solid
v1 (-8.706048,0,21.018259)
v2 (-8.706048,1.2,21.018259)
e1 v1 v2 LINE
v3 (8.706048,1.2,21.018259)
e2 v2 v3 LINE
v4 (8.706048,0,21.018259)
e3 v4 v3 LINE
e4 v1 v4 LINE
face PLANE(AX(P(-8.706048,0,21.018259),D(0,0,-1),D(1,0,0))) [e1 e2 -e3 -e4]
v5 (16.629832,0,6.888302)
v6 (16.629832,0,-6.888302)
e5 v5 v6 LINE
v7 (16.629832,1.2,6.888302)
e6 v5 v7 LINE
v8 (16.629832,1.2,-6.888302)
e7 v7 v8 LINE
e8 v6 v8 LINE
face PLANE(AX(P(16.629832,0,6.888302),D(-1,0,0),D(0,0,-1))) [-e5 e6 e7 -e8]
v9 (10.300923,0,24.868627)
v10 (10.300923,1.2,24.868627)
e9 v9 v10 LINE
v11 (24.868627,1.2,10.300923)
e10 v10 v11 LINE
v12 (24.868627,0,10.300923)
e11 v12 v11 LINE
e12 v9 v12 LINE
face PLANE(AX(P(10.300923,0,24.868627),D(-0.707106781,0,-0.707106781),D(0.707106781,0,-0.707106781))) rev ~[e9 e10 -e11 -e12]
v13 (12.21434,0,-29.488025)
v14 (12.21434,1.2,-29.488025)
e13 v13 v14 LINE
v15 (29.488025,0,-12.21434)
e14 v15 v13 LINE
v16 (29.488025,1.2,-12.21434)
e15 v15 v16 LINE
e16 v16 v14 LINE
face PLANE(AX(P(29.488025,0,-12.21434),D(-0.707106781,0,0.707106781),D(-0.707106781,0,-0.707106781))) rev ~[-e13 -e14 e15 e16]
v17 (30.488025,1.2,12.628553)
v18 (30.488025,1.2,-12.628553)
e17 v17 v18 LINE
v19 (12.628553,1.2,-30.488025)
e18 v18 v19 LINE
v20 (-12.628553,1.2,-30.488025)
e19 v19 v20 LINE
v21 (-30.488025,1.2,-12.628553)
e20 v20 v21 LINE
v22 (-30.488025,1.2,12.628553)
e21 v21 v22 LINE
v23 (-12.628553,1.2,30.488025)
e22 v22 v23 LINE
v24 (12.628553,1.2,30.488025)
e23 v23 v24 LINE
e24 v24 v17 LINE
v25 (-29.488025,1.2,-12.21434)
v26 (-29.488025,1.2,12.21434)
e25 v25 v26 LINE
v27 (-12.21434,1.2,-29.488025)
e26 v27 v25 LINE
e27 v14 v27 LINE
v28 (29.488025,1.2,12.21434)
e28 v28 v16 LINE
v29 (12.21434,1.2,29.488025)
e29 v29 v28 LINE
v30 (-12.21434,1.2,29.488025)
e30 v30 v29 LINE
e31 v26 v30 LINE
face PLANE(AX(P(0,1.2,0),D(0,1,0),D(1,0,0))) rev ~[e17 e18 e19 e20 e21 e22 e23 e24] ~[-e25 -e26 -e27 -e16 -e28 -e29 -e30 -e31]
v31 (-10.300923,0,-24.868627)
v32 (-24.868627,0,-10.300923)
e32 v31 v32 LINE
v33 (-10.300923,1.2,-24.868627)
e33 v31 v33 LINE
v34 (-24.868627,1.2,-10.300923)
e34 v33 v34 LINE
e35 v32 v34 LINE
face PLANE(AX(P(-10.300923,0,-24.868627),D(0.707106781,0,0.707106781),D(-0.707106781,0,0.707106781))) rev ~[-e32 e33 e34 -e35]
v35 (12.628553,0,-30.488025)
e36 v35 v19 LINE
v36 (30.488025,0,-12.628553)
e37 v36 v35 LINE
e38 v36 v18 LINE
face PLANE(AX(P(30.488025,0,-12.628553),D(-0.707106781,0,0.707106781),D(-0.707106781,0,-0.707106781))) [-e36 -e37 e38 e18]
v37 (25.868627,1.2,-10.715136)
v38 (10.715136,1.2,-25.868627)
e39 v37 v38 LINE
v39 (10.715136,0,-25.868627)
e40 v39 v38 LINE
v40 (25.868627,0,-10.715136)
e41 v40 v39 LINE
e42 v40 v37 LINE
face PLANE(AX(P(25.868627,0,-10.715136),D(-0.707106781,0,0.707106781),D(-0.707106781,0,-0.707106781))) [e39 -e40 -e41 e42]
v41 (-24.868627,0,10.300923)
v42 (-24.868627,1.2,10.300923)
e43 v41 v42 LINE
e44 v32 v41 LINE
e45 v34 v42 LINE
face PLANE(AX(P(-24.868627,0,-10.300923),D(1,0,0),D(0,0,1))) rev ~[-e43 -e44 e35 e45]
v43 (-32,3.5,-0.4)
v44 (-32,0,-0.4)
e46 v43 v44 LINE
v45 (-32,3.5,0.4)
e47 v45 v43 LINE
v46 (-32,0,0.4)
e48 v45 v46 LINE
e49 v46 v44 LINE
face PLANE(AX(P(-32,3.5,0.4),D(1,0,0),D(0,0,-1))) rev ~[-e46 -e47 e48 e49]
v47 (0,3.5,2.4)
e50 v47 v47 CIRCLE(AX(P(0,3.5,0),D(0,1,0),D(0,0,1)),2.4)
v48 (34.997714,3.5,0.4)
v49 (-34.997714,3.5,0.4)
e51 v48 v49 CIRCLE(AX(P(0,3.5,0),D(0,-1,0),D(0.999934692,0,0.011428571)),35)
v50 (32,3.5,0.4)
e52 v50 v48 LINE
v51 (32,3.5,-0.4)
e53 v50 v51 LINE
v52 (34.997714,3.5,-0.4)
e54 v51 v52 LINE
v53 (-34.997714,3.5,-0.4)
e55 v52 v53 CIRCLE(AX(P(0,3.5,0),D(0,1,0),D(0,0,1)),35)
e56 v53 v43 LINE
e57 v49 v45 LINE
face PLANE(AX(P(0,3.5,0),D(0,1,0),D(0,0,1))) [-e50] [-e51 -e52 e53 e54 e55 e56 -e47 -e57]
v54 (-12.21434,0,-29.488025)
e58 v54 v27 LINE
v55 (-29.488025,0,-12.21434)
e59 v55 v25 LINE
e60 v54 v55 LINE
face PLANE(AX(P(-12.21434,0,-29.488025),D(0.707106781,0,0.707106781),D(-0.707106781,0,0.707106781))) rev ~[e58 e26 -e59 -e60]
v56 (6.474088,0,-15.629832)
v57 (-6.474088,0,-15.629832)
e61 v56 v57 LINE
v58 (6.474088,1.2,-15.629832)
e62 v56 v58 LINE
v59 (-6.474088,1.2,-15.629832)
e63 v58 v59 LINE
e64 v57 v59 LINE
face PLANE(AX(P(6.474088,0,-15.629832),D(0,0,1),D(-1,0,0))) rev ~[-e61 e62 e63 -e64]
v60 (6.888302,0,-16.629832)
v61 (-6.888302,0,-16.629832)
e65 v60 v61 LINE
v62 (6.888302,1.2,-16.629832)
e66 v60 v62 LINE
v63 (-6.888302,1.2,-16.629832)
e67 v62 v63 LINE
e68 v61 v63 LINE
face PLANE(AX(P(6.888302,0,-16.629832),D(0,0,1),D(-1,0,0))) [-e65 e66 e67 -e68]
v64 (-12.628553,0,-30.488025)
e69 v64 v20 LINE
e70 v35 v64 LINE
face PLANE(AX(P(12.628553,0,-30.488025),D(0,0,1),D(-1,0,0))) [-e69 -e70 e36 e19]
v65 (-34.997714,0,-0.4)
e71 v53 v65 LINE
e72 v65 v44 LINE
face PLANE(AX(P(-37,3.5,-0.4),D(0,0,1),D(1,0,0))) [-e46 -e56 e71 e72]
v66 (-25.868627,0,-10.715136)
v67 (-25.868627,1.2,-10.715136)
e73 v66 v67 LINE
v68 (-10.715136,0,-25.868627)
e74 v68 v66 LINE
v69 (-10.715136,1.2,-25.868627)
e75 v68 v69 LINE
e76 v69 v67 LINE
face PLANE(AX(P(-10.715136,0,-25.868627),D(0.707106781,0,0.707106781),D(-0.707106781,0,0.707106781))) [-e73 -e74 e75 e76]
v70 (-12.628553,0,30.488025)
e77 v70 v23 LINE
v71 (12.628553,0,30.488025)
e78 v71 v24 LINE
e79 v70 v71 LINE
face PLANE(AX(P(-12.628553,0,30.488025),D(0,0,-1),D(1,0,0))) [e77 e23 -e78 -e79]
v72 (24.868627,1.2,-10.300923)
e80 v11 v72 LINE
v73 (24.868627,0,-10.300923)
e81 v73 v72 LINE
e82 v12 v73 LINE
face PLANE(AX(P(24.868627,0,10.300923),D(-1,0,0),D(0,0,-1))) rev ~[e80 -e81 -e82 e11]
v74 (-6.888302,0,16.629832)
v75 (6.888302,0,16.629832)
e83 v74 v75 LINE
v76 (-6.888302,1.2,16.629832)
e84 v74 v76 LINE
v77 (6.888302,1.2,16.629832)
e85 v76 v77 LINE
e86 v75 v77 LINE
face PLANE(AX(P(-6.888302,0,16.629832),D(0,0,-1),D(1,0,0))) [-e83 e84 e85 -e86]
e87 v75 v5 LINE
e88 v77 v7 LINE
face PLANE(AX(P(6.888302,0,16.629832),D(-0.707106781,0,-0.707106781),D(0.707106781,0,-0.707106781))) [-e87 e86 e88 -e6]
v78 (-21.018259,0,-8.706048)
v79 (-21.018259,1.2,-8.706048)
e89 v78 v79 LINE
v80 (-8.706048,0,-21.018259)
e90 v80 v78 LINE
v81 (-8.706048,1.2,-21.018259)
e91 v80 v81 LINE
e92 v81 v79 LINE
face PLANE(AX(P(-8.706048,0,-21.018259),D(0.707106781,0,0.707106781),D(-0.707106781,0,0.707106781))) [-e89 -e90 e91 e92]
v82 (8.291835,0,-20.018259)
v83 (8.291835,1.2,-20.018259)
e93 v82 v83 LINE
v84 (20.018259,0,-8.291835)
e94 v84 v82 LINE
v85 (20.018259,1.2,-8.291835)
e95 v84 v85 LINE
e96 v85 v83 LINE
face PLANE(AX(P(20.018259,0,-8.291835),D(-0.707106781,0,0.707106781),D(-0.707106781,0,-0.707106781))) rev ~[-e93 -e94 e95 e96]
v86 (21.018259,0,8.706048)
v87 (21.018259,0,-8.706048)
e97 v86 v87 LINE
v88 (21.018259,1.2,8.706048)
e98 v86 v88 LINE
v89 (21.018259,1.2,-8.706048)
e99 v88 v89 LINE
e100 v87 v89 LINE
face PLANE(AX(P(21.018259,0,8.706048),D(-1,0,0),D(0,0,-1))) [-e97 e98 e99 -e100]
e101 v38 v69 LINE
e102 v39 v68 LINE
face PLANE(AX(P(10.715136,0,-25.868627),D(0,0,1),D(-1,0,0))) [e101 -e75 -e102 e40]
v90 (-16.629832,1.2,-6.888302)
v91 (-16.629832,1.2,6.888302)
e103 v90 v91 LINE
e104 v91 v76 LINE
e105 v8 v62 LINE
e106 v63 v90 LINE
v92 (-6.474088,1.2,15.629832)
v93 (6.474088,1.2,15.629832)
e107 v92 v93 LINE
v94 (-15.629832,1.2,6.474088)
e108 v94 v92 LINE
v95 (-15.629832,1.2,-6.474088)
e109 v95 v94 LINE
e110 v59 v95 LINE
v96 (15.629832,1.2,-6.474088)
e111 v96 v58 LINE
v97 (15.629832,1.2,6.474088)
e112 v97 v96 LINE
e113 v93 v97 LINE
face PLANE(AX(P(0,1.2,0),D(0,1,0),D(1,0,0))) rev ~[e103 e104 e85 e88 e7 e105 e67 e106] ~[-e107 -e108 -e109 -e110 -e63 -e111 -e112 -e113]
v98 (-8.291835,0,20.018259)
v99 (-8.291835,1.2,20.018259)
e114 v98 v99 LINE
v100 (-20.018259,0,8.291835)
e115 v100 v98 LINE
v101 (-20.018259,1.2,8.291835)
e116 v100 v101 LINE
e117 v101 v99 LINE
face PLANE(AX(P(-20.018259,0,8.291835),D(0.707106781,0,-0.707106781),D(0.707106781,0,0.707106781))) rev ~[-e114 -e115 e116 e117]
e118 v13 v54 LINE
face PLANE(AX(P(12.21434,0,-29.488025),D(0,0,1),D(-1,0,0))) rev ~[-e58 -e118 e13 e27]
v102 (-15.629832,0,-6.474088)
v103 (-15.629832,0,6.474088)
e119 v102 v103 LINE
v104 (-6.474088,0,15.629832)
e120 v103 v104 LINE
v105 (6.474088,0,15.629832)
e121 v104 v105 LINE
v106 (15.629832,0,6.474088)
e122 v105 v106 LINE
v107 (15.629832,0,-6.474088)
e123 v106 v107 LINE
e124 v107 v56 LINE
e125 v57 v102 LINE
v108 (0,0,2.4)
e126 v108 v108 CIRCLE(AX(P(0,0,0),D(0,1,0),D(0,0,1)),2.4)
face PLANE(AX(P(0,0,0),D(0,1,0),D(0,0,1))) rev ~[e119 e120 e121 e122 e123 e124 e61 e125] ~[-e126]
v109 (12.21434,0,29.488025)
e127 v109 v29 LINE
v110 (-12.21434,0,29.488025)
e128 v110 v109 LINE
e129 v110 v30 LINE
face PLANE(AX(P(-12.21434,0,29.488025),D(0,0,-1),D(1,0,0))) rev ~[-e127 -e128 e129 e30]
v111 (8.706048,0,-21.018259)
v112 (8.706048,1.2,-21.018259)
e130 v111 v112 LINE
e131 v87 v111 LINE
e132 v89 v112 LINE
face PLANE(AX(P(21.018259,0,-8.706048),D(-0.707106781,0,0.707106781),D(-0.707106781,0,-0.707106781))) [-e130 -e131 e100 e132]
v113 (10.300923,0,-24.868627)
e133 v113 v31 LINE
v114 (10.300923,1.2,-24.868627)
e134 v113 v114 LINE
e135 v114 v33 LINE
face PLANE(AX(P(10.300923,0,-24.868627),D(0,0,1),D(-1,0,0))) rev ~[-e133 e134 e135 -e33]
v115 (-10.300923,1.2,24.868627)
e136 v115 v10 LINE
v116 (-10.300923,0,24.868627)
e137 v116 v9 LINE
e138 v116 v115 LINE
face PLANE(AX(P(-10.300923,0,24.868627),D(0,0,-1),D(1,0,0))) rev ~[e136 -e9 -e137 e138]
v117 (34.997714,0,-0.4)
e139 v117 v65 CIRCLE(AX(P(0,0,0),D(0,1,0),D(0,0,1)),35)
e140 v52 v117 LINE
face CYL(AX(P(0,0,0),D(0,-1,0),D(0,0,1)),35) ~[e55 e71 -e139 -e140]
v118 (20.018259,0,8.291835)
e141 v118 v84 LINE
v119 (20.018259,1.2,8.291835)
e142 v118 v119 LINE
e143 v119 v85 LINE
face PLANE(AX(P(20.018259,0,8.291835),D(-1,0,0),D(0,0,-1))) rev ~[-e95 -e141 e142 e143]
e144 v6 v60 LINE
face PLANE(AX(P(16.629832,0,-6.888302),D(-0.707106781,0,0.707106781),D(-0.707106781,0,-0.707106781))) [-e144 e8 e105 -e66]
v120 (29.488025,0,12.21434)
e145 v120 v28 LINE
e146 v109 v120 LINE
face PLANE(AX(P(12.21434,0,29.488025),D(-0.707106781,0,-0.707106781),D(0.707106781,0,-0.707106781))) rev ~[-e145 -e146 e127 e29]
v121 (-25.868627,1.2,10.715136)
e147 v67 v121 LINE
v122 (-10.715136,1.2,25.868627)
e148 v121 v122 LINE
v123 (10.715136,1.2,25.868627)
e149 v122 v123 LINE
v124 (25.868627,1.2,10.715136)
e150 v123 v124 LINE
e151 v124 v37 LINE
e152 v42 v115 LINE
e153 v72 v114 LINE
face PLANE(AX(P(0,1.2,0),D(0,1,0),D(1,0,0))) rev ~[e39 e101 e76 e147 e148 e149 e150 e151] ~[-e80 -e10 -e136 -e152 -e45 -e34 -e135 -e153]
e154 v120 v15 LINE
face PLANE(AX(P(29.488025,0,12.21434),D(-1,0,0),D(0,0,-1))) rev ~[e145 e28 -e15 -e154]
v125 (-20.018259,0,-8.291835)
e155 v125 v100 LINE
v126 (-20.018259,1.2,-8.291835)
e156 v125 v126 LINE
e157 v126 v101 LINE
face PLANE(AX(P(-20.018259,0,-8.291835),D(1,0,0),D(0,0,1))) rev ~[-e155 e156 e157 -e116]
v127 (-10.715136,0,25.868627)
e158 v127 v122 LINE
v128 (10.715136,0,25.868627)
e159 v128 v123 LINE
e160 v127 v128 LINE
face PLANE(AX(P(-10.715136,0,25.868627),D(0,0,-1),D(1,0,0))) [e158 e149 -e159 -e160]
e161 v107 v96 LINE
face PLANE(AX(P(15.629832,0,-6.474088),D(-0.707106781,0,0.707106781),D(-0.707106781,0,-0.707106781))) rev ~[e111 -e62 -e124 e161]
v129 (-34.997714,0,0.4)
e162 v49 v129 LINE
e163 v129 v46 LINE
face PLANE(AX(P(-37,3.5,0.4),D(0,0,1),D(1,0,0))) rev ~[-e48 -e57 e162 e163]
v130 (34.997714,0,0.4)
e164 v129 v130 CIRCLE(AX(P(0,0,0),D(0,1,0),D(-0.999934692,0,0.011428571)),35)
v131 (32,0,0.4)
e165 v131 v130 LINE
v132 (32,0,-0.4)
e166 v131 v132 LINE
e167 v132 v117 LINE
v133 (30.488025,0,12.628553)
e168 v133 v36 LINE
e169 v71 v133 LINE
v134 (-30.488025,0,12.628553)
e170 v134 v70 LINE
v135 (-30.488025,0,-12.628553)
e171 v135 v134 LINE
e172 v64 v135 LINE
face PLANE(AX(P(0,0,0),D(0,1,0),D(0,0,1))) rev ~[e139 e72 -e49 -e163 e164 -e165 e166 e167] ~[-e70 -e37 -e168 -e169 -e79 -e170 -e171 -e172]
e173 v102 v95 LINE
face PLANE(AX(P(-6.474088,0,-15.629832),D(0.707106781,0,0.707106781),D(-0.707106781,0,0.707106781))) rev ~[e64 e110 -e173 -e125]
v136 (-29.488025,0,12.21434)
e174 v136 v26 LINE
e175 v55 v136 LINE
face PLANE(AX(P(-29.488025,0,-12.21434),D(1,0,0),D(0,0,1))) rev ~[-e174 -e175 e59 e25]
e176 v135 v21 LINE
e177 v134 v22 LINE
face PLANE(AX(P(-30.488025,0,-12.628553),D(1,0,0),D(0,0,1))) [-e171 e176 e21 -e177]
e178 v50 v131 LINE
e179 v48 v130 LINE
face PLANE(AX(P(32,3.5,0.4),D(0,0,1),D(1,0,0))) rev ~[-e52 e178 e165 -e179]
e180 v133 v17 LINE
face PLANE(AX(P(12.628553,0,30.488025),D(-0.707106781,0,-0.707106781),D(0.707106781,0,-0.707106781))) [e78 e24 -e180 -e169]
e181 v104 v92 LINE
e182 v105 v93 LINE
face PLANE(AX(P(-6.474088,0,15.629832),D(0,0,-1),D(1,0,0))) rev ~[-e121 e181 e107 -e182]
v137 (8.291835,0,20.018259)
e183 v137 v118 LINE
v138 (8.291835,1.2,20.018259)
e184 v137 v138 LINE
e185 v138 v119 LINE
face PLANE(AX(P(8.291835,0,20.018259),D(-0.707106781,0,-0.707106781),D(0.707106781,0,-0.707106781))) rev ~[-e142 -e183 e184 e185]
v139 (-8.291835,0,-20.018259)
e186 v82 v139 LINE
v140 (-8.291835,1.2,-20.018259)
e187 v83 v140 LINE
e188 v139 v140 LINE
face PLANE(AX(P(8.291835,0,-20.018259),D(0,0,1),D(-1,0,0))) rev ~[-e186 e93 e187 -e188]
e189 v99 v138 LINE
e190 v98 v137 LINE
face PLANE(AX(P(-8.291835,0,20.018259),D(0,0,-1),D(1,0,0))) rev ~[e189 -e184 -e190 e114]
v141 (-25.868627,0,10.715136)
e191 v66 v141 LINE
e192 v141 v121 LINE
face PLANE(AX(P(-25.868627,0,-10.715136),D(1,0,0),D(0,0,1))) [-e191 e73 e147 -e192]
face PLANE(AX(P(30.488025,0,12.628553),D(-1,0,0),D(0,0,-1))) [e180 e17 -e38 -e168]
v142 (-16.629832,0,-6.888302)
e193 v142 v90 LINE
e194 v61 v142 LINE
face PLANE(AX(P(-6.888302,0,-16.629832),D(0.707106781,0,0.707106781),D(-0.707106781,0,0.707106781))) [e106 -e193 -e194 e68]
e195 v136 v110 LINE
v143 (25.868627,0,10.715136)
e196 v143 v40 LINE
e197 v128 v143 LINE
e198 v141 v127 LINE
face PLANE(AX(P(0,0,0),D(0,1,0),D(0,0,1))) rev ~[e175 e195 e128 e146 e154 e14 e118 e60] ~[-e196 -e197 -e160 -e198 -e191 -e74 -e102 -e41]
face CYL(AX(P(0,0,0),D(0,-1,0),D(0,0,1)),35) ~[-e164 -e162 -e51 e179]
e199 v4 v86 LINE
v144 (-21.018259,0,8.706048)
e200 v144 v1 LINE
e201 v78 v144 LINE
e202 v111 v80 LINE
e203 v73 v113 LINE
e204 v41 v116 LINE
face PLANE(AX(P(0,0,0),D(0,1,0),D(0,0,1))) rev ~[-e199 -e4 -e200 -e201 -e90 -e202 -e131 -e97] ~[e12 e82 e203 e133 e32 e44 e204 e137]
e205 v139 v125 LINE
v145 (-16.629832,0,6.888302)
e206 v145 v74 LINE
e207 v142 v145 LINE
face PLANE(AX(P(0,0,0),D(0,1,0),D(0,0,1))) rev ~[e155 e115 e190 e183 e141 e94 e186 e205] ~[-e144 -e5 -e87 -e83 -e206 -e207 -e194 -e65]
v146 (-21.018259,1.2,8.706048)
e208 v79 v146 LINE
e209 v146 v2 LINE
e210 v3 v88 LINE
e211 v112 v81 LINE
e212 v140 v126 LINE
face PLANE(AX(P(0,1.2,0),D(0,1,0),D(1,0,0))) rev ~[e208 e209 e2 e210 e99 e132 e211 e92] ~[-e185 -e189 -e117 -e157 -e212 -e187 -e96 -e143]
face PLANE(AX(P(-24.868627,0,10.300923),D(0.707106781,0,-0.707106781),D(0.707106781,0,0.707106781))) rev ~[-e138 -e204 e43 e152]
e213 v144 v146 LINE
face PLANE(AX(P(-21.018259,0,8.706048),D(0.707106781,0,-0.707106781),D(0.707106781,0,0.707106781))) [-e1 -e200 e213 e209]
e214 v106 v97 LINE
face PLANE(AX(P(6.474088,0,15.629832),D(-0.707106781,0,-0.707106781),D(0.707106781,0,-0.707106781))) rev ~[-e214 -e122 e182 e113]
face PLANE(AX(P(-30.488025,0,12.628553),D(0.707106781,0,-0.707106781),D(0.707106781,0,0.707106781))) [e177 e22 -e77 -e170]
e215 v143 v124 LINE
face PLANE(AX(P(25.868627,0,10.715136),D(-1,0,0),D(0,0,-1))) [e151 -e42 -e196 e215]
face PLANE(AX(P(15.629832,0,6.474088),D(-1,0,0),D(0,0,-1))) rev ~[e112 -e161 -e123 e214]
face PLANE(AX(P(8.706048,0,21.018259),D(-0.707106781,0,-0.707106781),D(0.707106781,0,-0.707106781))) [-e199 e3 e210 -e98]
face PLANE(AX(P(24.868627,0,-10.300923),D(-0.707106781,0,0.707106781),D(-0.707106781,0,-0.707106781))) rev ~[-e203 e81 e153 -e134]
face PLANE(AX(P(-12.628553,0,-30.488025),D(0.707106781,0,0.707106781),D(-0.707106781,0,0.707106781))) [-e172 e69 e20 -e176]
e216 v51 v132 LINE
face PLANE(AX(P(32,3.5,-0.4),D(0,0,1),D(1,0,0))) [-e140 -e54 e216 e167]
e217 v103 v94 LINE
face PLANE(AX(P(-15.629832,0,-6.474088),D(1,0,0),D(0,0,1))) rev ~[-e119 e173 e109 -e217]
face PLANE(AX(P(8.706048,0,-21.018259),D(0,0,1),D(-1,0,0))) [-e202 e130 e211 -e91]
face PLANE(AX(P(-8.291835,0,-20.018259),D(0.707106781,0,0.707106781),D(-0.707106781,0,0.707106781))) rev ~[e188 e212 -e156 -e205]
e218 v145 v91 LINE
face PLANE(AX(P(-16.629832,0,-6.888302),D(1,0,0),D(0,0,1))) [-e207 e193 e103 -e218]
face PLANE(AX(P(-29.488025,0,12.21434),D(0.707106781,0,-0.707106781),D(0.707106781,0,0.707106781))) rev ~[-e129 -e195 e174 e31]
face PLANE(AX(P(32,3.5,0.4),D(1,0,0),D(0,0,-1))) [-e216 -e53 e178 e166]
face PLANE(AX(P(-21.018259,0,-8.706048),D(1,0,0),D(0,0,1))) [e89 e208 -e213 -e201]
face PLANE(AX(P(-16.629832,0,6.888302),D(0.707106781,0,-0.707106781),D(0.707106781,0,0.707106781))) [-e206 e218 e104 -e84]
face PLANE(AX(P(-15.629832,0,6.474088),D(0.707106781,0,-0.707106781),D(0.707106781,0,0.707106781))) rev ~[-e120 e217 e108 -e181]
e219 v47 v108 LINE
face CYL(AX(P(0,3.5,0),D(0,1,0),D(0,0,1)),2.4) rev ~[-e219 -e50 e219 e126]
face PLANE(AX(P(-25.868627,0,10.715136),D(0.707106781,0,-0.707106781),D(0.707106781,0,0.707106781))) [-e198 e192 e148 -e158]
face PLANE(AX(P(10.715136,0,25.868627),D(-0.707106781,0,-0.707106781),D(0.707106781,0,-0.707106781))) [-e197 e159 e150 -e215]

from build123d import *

# Parameters (mm, degrees)
SKETCH_3_R          = 35
EXTRUDE_1_DEPTH     = 3.5
CUT_EXTRUDE_5_DEPTH = 1.2
SKETCH_4_W          = 5
SKETCH_4_H          = 0.8
CUT_EXTRUDE_6_DEPTH = 50.621064076
SKETCH_5_R          = 2.4
CUT_EXTRUDE_7_DEPTH = 50.619451831


with BuildPart() as part:
    # 스케치3 → 보스-돌출1 (new body)
    with BuildSketch(Plane(origin=(0, 0, 0), x_dir=(1, 0, 0), z_dir=(0, 1, 0))):
        Circle(SKETCH_3_R)
    extrude(amount=EXTRUDE_1_DEPTH)

    # 스케치1 → 컷-돌출5 (cut)
    # profile 1 of 4: a face of its own
    with BuildSketch(Plane(origin=(0, 0, 0), x_dir=(1, 0, 0), z_dir=(0, 1, 0))):
        Polygon((-12.628553268, -30.488024573), (12.628553268, -30.488024573), (30.488024573, -12.628553268), (30.488024573, 12.628553268), (12.628553268, 30.488024573), (-12.628553268, 30.488024573), (-30.488024573, 12.628553268), (-30.488024573, -12.628553268), align=None)
        Polygon((29.488024573, -12.214339706), (12.214339706, -29.488024573), (-12.214339706, -29.488024573), (-29.488024573, -12.214339706), (-29.488024573, 12.214339706), (-12.214339706, 29.488024573), (12.214339706, 29.488024573), (29.488024573, 12.214339706), align=None, mode=Mode.SUBTRACT)
    # profile 2 of 4: a face of its own
    with BuildSketch(Plane(origin=(0, 0, 0), x_dir=(1, 0, 0), z_dir=(0, 1, 0))):
        Polygon((-25.86862691, -10.715136106), (-10.715136106, -25.86862691), (10.715136106, -25.86862691), (25.86862691, -10.715136106), (25.86862691, 10.715136106), (10.715136106, 25.86862691), (-10.715136106, 25.86862691), (-25.86862691, 10.715136106), align=None)
        Polygon((10.300922544, -24.86862691), (-10.300922544, -24.86862691), (-24.86862691, -10.300922544), (-24.86862691, 10.300922544), (-10.300922544, 24.86862691), (10.300922544, 24.86862691), (24.86862691, 10.300922544), (24.86862691, -10.300922544), align=None, mode=Mode.SUBTRACT)
    # profile 3 of 4: a face of its own
    with BuildSketch(Plane(origin=(0, 0, 0), x_dir=(1, 0, 0), z_dir=(0, 1, 0))):
        Polygon((-8.706048086, -21.018259365), (8.706048086, -21.018259365), (21.018259365, -8.706048086), (21.018259365, 8.706048086), (8.706048086, 21.018259365), (-8.706048086, 21.018259365), (-21.018259365, 8.706048086), (-21.018259365, -8.706048086), align=None)
        Polygon((20.018259365, -8.291834524), (8.291834524, -20.018259365), (-8.291834524, -20.018259365), (-20.018259365, -8.291834524), (-20.018259365, 8.291834524), (-8.291834524, 20.018259365), (8.291834524, 20.018259365), (20.018259365, 8.291834524), align=None, mode=Mode.SUBTRACT)
    # profile 4 of 4: a face of its own
    with BuildSketch(Plane(origin=(0, 0, 0), x_dir=(1, 0, 0), z_dir=(0, 1, 0))):
        Polygon((-6.888301783, -16.629831585), (6.888301783, -16.629831585), (16.629831585, -6.888301783), (16.629831585, 6.888301783), (6.888301783, 16.629831585), (-6.888301783, 16.629831585), (-16.629831585, 6.888301783), (-16.629831585, -6.888301783), align=None)
        Polygon((15.629831585, -6.47408822), (6.47408822, -15.629831585), (-6.47408822, -15.629831585), (-15.629831585, -6.47408822), (-15.629831585, 6.47408822), (-6.47408822, 15.629831585), (6.47408822, 15.629831585), (15.629831585, 6.47408822), align=None, mode=Mode.SUBTRACT)
    extrude(amount=CUT_EXTRUDE_5_DEPTH, mode=Mode.SUBTRACT)

    # 스케치4 → 컷-돌출6 (cut, through all)
    with BuildSketch(Plane(origin=(0, 3.5, 0), x_dir=(1, 0, 0), z_dir=(0, 1, 0))):
        with Locations((-34.5, 0)):
            Rectangle(SKETCH_4_W, SKETCH_4_H)
        with Locations((34.5, 0)):
            Rectangle(SKETCH_4_W, SKETCH_4_H)
    extrude(amount=-CUT_EXTRUDE_6_DEPTH, mode=Mode.SUBTRACT)

    # 스케치5 → 컷-돌출7 (cut, through all)
    with BuildSketch(Plane(origin=(0, 3.5, 0), x_dir=(1, 0, 0), z_dir=(0, 1, 0))):
        Circle(SKETCH_5_R)
    extrude(amount=-CUT_EXTRUDE_7_DEPTH, mode=Mode.SUBTRACT)


solid = part.part
